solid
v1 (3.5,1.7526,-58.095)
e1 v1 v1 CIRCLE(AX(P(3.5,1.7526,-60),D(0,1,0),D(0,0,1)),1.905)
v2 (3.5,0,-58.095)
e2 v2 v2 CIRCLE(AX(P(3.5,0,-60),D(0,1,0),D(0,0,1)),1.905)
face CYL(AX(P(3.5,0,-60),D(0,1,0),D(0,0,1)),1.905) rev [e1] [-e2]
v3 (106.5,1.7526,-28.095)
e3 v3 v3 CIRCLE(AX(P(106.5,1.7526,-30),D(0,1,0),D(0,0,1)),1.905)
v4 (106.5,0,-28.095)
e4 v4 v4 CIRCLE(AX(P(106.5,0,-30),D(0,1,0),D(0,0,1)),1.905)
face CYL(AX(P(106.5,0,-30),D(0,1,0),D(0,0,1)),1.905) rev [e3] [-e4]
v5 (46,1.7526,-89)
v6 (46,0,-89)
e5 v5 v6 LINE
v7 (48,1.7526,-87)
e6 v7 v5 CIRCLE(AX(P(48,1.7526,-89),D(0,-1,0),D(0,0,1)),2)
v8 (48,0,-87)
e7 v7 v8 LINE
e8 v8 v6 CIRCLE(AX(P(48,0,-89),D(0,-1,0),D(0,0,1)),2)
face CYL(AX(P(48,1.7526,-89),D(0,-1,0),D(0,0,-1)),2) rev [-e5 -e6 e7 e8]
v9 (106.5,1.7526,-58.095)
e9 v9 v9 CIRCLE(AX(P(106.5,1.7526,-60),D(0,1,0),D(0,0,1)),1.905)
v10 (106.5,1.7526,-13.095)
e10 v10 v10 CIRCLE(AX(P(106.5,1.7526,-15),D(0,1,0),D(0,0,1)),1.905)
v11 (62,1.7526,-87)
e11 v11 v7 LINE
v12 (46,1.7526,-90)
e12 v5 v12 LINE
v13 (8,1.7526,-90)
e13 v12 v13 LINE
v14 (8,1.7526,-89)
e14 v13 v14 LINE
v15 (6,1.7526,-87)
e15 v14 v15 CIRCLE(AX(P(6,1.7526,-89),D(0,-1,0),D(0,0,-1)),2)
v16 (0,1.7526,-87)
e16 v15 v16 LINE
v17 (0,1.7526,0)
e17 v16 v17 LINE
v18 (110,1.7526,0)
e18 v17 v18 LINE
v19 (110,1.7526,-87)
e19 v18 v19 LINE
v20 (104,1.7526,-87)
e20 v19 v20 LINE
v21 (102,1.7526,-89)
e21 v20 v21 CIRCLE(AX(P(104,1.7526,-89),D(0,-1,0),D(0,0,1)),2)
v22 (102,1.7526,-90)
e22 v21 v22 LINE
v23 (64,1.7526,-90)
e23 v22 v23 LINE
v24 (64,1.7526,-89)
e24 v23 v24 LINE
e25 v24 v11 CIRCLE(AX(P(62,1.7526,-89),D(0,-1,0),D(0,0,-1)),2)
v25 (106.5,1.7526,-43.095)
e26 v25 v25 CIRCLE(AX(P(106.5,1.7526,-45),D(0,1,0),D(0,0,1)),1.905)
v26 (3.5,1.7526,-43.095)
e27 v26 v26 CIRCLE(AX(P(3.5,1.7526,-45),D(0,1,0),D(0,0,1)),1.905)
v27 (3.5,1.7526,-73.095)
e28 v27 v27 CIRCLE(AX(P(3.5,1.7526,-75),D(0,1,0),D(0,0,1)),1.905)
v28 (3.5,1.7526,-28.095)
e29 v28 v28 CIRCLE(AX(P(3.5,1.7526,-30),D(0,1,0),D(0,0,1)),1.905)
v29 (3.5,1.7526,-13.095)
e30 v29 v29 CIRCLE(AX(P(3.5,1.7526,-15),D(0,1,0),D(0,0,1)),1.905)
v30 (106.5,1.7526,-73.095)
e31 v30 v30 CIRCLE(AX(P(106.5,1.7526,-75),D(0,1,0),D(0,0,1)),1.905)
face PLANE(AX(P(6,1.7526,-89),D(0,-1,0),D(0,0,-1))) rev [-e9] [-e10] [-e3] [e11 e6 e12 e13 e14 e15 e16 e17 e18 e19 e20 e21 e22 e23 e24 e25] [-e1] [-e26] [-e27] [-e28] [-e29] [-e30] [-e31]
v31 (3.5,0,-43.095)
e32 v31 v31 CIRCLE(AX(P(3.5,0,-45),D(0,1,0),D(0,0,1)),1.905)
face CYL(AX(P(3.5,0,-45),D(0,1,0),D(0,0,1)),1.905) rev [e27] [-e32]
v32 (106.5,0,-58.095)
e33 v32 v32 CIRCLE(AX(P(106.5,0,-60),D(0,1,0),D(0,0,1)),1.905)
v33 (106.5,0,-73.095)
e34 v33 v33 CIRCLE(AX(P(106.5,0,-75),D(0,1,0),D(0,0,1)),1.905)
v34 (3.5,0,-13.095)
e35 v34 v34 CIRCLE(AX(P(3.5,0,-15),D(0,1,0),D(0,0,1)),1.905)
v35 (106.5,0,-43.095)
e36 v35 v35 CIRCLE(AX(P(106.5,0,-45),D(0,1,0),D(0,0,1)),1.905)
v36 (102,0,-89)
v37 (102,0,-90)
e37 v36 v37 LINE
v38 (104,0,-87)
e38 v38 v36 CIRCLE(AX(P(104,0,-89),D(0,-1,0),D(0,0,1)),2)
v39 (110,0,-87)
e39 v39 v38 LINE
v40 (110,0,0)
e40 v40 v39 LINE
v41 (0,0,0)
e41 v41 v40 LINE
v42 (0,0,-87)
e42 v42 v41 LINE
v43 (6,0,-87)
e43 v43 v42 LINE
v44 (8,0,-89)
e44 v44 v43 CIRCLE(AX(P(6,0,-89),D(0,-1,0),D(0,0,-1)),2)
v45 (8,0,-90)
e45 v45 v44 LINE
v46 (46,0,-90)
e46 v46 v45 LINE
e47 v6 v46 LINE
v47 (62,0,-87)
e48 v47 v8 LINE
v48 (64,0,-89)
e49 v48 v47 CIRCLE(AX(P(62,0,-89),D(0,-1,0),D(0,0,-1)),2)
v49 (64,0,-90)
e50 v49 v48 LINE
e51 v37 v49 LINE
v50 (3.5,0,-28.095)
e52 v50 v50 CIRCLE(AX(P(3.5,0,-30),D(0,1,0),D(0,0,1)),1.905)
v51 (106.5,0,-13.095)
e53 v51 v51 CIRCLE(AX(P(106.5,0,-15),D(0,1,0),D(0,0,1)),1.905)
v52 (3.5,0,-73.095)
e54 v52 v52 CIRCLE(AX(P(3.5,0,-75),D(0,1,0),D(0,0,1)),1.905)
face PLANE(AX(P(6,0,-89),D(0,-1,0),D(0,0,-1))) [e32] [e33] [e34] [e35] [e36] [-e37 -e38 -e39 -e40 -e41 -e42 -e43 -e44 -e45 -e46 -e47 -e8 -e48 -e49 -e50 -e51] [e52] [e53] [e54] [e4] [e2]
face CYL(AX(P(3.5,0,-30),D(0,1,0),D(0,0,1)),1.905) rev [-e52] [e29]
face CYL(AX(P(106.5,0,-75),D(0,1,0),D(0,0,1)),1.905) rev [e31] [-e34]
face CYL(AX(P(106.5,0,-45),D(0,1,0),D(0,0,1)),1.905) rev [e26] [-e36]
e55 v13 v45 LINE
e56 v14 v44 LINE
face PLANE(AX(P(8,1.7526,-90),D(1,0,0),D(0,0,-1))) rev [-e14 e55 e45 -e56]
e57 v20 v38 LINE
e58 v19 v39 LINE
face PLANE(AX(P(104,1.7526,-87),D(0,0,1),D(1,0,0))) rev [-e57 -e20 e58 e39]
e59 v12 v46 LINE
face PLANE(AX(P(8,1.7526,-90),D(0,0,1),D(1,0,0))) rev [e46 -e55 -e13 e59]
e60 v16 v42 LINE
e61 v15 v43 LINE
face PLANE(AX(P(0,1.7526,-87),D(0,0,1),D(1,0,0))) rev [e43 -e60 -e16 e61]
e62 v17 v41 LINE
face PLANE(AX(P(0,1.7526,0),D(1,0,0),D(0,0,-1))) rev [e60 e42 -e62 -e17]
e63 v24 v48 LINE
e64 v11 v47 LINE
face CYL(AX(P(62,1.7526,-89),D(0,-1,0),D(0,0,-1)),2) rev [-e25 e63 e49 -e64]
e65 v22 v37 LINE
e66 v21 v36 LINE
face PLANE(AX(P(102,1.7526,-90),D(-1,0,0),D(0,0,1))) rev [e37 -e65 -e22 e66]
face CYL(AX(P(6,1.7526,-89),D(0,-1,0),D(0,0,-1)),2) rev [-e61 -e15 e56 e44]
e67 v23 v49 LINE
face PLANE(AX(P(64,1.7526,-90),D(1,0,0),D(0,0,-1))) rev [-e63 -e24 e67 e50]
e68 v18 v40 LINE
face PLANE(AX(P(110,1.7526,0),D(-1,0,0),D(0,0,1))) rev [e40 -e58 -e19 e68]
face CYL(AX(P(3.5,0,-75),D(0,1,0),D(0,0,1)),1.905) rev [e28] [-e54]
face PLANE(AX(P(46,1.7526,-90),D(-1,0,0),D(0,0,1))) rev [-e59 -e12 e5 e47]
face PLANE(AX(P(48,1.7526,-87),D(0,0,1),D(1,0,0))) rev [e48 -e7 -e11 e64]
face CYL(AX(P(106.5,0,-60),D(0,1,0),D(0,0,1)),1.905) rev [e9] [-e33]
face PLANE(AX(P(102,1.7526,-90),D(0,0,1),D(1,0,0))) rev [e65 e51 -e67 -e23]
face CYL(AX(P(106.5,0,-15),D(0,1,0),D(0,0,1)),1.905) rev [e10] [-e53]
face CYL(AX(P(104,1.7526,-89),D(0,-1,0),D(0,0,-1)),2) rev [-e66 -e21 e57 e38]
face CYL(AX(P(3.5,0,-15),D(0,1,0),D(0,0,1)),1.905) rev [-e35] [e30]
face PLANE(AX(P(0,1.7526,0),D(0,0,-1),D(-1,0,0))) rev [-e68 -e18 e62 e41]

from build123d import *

# Parameters (mm, degrees)
FR4_DEPTH          = 1.7526
SKETCH7_R          = 1.905
CUT_EXTRUDE1_DEPTH = 2.7526


with BuildPart() as part:
    # Sketch1 → FR4 (new body)
    with BuildSketch(Plane(origin=(0, 0, 0), x_dir=(1, 0, 0), z_dir=(0, 1, 0))):
        with BuildLine():
            Line((0, 0), (110, 0))
            Line((110, 0), (110, 87))
            Line((110, 87), (104, 87))
            ThreePointArc((104, 87), (102.585786438, 87.585786438), (102, 89))
            Line((102, 89), (102, 90))
            Line((102, 90), (64, 90))
            Line((64, 90), (64, 89))
            ThreePointArc((64, 89), (63.414213562, 87.585786438), (62, 87))
            Line((62, 87), (48, 87))
            ThreePointArc((48, 87), (46.585786438, 87.585786438), (46, 89))
            Line((46, 89), (46, 90))
            Line((46, 90), (8, 90))
            Line((8, 90), (8, 89))
            ThreePointArc((8, 89), (7.414213562, 87.585786438), (6, 87))
            Line((6, 87), (0, 87))
            Line((0, 87), (0, 0))
        make_face()
    extrude(amount=FR4_DEPTH)

    # Sketch7 → Cut-Extrude1 (cut, through all)
    with BuildSketch(Plane(origin=(0, 1.7526, 0), x_dir=(1, 0, 0), z_dir=(0, 1, 0))):
        with Locations((3.5, 15)):
            Circle(SKETCH7_R)
        with Locations((106.5, 15)):
            Circle(SKETCH7_R)
        with Locations((106.5, 30)):
            Circle(SKETCH7_R)
        with Locations((106.5, 45)):
            Circle(SKETCH7_R)
        with Locations((106.5, 60)):
            Circle(SKETCH7_R)
        with Locations((106.5, 75)):
            Circle(SKETCH7_R)
        with Locations((3.5, 30)):
            Circle(SKETCH7_R)
        with Locations((3.5, 45)):
            Circle(SKETCH7_R)
        with Locations((3.5, 60)):
            Circle(SKETCH7_R)
        with Locations((3.5, 75)):
            Circle(SKETCH7_R)
    extrude(amount=-CUT_EXTRUDE1_DEPTH, mode=Mode.SUBTRACT)


solid = part.part
